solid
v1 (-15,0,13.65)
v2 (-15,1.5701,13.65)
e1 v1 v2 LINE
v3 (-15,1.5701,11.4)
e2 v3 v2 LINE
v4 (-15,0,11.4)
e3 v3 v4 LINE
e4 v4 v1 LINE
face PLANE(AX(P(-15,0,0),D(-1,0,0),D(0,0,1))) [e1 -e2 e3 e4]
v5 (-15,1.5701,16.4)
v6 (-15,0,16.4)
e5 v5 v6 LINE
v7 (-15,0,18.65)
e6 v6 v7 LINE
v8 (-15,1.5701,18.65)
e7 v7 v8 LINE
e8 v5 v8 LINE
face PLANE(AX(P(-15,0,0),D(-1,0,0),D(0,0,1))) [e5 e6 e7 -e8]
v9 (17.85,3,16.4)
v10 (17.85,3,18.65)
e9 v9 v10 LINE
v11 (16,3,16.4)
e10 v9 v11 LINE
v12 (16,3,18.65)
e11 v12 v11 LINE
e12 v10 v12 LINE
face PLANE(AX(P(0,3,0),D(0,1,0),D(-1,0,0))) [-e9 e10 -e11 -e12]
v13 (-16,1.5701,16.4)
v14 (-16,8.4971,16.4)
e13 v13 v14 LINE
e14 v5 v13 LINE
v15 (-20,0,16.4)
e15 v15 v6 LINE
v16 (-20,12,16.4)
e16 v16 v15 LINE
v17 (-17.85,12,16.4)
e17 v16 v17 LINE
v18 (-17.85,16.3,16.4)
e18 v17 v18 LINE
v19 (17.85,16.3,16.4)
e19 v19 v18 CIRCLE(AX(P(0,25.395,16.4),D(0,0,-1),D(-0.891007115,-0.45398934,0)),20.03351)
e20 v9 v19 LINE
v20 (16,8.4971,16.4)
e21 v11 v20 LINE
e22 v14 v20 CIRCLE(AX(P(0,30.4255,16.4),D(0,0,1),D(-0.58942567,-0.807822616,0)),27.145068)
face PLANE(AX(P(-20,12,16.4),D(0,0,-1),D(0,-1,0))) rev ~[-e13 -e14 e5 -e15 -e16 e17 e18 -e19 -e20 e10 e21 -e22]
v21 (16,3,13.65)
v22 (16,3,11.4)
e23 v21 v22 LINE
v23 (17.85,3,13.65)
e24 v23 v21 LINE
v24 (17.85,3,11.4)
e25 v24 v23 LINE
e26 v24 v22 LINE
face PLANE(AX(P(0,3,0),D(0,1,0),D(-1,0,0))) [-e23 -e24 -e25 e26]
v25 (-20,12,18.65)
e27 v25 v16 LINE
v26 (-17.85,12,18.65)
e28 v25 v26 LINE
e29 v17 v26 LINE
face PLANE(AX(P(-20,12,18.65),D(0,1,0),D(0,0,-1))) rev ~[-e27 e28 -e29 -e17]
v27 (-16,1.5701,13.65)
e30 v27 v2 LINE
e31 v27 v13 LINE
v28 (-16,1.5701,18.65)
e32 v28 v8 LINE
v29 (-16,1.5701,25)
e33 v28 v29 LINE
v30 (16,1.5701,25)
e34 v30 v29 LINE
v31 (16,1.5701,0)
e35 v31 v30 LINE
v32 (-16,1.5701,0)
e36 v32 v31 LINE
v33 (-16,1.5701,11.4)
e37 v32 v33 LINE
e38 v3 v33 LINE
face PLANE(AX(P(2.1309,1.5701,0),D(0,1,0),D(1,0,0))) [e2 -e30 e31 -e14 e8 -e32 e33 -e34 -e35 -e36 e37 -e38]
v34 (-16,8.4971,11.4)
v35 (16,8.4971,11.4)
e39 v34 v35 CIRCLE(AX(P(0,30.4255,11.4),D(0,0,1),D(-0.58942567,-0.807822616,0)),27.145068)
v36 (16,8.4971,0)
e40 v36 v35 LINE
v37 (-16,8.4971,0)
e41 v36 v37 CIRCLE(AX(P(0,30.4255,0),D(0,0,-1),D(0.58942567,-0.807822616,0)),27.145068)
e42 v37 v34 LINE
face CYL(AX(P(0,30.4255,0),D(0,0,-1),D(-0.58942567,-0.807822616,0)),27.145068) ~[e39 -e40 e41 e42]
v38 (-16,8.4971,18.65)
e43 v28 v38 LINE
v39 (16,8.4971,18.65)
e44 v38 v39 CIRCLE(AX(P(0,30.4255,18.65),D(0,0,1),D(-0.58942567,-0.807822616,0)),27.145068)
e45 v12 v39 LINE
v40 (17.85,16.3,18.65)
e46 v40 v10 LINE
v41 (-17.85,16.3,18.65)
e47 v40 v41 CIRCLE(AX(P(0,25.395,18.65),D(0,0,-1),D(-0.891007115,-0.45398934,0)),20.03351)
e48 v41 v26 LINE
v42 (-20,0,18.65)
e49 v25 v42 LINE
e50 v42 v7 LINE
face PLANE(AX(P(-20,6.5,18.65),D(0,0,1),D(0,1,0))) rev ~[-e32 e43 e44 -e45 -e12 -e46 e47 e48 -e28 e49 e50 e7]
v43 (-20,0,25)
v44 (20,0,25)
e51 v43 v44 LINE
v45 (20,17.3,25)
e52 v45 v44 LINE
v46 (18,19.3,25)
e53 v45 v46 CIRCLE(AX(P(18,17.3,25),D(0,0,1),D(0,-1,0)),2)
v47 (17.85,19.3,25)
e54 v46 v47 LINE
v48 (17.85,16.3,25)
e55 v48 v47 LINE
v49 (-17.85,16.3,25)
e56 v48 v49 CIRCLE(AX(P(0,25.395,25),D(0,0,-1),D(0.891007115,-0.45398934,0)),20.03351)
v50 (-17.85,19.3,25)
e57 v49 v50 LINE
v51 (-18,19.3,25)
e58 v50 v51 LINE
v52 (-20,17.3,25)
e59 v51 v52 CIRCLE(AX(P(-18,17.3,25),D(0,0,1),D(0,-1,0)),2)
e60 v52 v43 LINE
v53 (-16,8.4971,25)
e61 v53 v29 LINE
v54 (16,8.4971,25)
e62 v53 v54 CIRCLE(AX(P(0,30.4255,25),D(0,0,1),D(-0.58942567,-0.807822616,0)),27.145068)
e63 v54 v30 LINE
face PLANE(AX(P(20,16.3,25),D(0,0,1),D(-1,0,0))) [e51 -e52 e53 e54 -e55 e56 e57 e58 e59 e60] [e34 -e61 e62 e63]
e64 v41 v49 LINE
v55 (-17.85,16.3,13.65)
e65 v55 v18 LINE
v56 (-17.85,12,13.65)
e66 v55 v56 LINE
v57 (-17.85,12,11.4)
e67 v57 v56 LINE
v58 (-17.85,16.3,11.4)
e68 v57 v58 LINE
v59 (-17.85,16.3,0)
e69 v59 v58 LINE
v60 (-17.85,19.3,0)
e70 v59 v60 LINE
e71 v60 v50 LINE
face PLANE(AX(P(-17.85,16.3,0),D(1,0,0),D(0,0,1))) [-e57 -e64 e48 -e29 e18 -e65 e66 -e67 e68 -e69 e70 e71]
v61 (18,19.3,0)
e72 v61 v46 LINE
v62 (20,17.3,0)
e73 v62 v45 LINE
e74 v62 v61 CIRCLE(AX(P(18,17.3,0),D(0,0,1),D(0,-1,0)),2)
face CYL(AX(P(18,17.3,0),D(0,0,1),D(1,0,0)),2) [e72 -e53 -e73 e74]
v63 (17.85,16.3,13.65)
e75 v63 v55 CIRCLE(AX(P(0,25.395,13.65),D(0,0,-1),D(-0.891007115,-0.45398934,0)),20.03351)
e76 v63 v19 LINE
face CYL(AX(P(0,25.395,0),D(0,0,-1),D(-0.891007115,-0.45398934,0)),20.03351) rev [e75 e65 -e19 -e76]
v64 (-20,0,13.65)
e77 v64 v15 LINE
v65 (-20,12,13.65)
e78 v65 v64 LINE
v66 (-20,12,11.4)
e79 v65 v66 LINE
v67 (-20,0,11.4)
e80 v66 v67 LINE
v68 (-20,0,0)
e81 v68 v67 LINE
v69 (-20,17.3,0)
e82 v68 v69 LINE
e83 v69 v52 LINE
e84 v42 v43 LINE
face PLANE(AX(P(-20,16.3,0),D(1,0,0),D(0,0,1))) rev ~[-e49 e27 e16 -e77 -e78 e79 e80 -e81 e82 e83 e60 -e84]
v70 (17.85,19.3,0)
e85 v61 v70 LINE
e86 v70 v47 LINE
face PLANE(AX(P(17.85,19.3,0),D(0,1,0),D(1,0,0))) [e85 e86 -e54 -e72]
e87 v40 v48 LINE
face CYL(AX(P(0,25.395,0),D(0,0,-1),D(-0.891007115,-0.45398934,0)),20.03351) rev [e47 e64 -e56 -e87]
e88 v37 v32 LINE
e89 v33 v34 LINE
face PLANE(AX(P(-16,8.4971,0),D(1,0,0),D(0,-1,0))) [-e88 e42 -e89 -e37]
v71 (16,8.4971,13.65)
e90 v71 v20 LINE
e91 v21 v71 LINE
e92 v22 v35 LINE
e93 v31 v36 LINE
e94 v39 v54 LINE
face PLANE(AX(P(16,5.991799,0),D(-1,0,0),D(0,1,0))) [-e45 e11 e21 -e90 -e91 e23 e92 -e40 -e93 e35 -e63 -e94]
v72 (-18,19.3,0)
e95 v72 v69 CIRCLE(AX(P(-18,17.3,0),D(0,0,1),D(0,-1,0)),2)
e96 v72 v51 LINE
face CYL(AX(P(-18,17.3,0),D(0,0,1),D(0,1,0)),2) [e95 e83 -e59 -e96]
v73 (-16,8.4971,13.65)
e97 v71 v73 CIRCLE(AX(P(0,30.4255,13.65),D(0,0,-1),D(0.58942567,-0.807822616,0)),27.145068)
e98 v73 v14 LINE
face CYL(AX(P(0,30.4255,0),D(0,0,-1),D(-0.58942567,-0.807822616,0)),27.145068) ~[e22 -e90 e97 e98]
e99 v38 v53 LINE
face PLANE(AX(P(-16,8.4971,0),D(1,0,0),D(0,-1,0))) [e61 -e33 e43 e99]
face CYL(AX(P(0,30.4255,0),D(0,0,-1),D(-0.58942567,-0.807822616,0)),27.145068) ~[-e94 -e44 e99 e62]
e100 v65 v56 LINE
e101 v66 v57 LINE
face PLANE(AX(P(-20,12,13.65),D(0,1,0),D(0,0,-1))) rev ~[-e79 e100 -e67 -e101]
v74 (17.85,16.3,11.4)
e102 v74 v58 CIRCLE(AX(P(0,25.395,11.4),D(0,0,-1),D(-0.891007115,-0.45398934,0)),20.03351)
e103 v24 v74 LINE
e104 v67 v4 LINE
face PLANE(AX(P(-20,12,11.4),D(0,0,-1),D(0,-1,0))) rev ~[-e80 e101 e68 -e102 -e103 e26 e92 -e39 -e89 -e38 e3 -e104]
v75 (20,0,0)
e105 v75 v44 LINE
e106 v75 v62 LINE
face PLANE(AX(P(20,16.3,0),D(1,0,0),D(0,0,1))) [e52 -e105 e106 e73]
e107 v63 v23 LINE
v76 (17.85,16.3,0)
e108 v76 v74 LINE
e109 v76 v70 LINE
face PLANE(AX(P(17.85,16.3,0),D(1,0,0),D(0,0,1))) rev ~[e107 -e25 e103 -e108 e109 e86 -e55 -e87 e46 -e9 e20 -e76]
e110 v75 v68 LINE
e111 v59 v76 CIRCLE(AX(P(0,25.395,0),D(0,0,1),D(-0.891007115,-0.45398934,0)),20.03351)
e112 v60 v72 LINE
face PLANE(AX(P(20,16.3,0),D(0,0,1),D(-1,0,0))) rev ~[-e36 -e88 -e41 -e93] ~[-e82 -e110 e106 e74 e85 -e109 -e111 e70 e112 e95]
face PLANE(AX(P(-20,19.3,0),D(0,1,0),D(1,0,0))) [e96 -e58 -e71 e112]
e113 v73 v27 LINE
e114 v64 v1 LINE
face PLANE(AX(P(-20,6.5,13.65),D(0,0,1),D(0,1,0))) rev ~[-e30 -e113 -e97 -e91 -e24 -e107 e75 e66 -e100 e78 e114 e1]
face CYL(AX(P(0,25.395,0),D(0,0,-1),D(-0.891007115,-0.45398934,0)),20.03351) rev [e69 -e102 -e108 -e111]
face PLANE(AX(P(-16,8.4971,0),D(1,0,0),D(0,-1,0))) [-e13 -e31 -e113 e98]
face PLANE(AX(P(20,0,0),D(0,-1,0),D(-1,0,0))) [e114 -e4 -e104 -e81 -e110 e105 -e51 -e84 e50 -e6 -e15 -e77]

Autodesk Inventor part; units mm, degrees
ref_plane "YZ Plane" through (0, 0, 0) normal (1, 0, 0) x (0, 1, 0)
ref_plane "XY Plane" through (0, 0, 0) normal (0, 0, 1) x (1, 0, 0)
sketch "Skizze1" plane through (0, 0, 0) normal (0, 0, 1) x (1, 0, 0)
  line L0 (20, 16.3) -> (20, 0)
  line L1 (20, 0) -> (-20, 0)
  line L2 (-20, 0) -> (-20, 16.3)
  line L3 (-16, 8.4971) -> (-16, 1.5701)
  line L4 (-16, 1.5701) -> (16, 1.5701)
  line L5 (16, 1.5701) -> (16, 8.4971)
  line L6 (-20, 16.3) -> (-17.85, 16.3)
  line L7 (20, 16.3) -> (17.85, 16.3)
  arc A0 (-16, 8.4971) -> (16, 8.4971) centre (0, 30.4255) ccw
  arc A1 (-17.85, 16.3) -> (17.85, 16.3) centre (0, 25.395) ccw
  line L8 (2.1309, 0) -> (0, 0)
  line L9 (0, 16.2928) -> (2.1309, 16.2928)
  line L10 (2.1309, 16.2928) -> (2.1309, 0)
  line L11 (2.1309, 0) -> (0, 0)
  line L12 (0, 0) -> (0, 16.2928)
  line L13 (37.8691, 16.2928) -> (40, 16.2928)
  line L14 (40, 16.2928) -> (40, 0)
  line L15 (40, 0) -> (37.8691, 0)
  line L16 (37.8691, 0) -> (37.8691, 16.2928)
  line L17 (0, 0) -> (40, 0)
  line L18 (0, 0) -> (0, 12.8953)
  line L19 (40, 0) -> (40, 79)
  arc A2 (2.1309, 16.2928) -> (37.8691, 16.2928) centre (20, 25.8644) ccw
  line L20 (6.1071, 11.1028) -> (5.3563, 11.7632)
  point P0 (0, 8.1464)
  dimension "d27" = 40
  dimension "d28" = 4
  dimension "d58" = 16.3
  dimension "d60" = 126
  dimension "d61" = 2.15
  dimension "d62" = 2.1309
extrude "Extrusion1" add sketch "Skizze1" along normal blind 25 contours L0 A2 L5 A0 A1 L7 | L0 L1 L10 L4 L5 A2 | A2 A0 L10 A1 | L1 L12 L4 L10 | L10 A0 L12 A1 | L1 L2 L6 A1 L12 A0 L3 L4
sketch "Skizze2" plane through (-20, 16.3, 0) normal (0, 1, 0) x (1, 0, 0)
  line L0 (2.15, 0) -> (0, 0) projected
  line L1 (0, 0) -> (0, -25) projected
  line L2 (2.15, -25) -> (0, -25) projected
  line L3 (2.15, 0) -> (2.15, -25) projected
  point P0 (20, 0)
extrude "Extrusion2" add sketch "Skizze2" along normal blind 3
sketch "Skizze3" plane through (17.85, 16.3, 0) normal (0, 1, 0) x (1, 0, 0)
  line L0 (2.15, 0) -> (0, 0) projected
  line L1 (0, 0) -> (0, -25) projected
  line L2 (2.15, -25) -> (0, -25) projected
  line L3 (2.15, 0) -> (2.15, -25) projected
  point P0 (-17.85, 0)
ref_plane "Arbeitsebene2" through (0, 10, 0) normal (0, 1, 0) x (-1, 0, 0)
extrude "Extrusion3" add sketch "Skizze3" along normal blind 3
sketch "Skizze4" plane through (0, 10, 0) normal (0, 1, 0) x (-1, 0, 0)
  line L0 (-17.85, 0) -> (-17.85, 25) projected
  line L1 (-17.85, 0) -> (17.85, 0) projected
  line L2 (17.85, 0) -> (17.85, 25) projected
  line L3 (-17.85, 25) -> (17.85, 25) projected
  line L4 (-17.85, 0) -> (-17.85, 25) projected
  line L5 (-17.85, 11.4) -> (17.85, 11.4)
  line L6 (-17.85, 13.65) -> (17.85, 13.65)
  line L7 (-17.85, 16.4) -> (17.85, 16.4)
  line L8 (-17.85, 18.65) -> (17.85, 18.65)
  line L9 (-17.85, 25) -> (-20, 25) projected
  point P0 (0, 0)
  point P1 (-17.85, 13.65)
  point P2 (-17.85, 11.4)
  point P3 (-17.85, 18.65)
  point P4 (-17.85, 16.4)
  dimension "d13" = 2.25
  dimension "d14" = 2.25
  dimension "d15" = 25
  dimension "d16" = 2.75
  dimension "d36" = 6.35
extrude "Extrusion4" cut sketch "Skizze4" along normal mid plane 14 contours L0 L6 L2 L5 | L0 L8 L2 L7
fillet "Rundung2" radius 2 2 edges at (-20, 19.3, 12.5) (20, 19.3, 12.5)
sketch "Skizze5" plane through (-16, 1.5701, 0) normal (1, 0, 0) x (0, 0, -1)
  line L0 (0, 0) -> (0, 6.927) projected
  line L1 (0, 6.927) -> (-25, 6.927) projected
  line L2 (-25, 0) -> (-25, 6.927) projected
  line L3 (0, 0) -> (-25, 0) projected
  point P0 (0, -1.5701)
sketch "Skizze12" plane through (-20, 0, 0) normal (-1, 0, 0) x (0, 0, 1)
  line L0 (0, 0) -> (25, 0) projected
  line L1 (18.65, 6.5) -> (18.65, 12)
  line L2 (13.65, 6.5) -> (13.65, 12)
  line L3 (18.65, 12) -> (16.4, 12)
  line L4 (16.4, 12) -> (16.4, 0)
  line L5 (16.4, 0) -> (18.65, 0)
  line L6 (18.65, 0) -> (18.65, 12)
  line L7 (13.65, 12) -> (11.4, 12)
  line L8 (11.4, 12) -> (11.4, 0)
  line L9 (11.4, 0) -> (13.65, 0)
  line L10 (13.65, 0) -> (13.65, 12)
  point P0 (27, 0)
  point P1 (13.65, 0)
  point P2 (18.65, 0)
  dimension "d52" = 2.75
  dimension "d54" = 2.25
  dimension "d55" = 2.25
extrude "Extrusion10" cut sketch "Skizze12" against normal blind 5
sketch "Skizze13" plane through (0, 0, 25) normal (0, 0, 1) x (1, 0, 0)
  arc A0 (20, 17.3) -> (17.85, 19.3) centre (18, 17.3) ccw projected
  line L0 (17.85, 16.3) -> (17.85, 19.3) projected
  arc A1 (-17.85, 16.3) -> (17.85, 16.3) centre (0, 25.395) ccw projected
  line L1 (-17.85, 16.3) -> (-17.85, 19.3) projected
  arc A2 (-17.85, 19.3) -> (-20, 17.3) centre (-18, 17.3) ccw projected
  line L2 (-20, 0) -> (-20, 17.3) projected
  line L3 (-20, 0) -> (20, 0) projected
  line L4 (20, 0) -> (20, 17.3) projected
  arc A3 (-16, 8.4971) -> (16, 8.4971) centre (0, 30.4255) ccw projected
  line L5 (16, 8.4971) -> (16, 1.5701) projected
  line L6 (16, 1.5701) -> (-16, 1.5701) projected
  line L7 (-16, 1.5701) -> (-16, 8.4971) projected
  point P0 (0, 0)
properties part number "Gehäuse_Kurve" material "ABS-Kunststoff"
